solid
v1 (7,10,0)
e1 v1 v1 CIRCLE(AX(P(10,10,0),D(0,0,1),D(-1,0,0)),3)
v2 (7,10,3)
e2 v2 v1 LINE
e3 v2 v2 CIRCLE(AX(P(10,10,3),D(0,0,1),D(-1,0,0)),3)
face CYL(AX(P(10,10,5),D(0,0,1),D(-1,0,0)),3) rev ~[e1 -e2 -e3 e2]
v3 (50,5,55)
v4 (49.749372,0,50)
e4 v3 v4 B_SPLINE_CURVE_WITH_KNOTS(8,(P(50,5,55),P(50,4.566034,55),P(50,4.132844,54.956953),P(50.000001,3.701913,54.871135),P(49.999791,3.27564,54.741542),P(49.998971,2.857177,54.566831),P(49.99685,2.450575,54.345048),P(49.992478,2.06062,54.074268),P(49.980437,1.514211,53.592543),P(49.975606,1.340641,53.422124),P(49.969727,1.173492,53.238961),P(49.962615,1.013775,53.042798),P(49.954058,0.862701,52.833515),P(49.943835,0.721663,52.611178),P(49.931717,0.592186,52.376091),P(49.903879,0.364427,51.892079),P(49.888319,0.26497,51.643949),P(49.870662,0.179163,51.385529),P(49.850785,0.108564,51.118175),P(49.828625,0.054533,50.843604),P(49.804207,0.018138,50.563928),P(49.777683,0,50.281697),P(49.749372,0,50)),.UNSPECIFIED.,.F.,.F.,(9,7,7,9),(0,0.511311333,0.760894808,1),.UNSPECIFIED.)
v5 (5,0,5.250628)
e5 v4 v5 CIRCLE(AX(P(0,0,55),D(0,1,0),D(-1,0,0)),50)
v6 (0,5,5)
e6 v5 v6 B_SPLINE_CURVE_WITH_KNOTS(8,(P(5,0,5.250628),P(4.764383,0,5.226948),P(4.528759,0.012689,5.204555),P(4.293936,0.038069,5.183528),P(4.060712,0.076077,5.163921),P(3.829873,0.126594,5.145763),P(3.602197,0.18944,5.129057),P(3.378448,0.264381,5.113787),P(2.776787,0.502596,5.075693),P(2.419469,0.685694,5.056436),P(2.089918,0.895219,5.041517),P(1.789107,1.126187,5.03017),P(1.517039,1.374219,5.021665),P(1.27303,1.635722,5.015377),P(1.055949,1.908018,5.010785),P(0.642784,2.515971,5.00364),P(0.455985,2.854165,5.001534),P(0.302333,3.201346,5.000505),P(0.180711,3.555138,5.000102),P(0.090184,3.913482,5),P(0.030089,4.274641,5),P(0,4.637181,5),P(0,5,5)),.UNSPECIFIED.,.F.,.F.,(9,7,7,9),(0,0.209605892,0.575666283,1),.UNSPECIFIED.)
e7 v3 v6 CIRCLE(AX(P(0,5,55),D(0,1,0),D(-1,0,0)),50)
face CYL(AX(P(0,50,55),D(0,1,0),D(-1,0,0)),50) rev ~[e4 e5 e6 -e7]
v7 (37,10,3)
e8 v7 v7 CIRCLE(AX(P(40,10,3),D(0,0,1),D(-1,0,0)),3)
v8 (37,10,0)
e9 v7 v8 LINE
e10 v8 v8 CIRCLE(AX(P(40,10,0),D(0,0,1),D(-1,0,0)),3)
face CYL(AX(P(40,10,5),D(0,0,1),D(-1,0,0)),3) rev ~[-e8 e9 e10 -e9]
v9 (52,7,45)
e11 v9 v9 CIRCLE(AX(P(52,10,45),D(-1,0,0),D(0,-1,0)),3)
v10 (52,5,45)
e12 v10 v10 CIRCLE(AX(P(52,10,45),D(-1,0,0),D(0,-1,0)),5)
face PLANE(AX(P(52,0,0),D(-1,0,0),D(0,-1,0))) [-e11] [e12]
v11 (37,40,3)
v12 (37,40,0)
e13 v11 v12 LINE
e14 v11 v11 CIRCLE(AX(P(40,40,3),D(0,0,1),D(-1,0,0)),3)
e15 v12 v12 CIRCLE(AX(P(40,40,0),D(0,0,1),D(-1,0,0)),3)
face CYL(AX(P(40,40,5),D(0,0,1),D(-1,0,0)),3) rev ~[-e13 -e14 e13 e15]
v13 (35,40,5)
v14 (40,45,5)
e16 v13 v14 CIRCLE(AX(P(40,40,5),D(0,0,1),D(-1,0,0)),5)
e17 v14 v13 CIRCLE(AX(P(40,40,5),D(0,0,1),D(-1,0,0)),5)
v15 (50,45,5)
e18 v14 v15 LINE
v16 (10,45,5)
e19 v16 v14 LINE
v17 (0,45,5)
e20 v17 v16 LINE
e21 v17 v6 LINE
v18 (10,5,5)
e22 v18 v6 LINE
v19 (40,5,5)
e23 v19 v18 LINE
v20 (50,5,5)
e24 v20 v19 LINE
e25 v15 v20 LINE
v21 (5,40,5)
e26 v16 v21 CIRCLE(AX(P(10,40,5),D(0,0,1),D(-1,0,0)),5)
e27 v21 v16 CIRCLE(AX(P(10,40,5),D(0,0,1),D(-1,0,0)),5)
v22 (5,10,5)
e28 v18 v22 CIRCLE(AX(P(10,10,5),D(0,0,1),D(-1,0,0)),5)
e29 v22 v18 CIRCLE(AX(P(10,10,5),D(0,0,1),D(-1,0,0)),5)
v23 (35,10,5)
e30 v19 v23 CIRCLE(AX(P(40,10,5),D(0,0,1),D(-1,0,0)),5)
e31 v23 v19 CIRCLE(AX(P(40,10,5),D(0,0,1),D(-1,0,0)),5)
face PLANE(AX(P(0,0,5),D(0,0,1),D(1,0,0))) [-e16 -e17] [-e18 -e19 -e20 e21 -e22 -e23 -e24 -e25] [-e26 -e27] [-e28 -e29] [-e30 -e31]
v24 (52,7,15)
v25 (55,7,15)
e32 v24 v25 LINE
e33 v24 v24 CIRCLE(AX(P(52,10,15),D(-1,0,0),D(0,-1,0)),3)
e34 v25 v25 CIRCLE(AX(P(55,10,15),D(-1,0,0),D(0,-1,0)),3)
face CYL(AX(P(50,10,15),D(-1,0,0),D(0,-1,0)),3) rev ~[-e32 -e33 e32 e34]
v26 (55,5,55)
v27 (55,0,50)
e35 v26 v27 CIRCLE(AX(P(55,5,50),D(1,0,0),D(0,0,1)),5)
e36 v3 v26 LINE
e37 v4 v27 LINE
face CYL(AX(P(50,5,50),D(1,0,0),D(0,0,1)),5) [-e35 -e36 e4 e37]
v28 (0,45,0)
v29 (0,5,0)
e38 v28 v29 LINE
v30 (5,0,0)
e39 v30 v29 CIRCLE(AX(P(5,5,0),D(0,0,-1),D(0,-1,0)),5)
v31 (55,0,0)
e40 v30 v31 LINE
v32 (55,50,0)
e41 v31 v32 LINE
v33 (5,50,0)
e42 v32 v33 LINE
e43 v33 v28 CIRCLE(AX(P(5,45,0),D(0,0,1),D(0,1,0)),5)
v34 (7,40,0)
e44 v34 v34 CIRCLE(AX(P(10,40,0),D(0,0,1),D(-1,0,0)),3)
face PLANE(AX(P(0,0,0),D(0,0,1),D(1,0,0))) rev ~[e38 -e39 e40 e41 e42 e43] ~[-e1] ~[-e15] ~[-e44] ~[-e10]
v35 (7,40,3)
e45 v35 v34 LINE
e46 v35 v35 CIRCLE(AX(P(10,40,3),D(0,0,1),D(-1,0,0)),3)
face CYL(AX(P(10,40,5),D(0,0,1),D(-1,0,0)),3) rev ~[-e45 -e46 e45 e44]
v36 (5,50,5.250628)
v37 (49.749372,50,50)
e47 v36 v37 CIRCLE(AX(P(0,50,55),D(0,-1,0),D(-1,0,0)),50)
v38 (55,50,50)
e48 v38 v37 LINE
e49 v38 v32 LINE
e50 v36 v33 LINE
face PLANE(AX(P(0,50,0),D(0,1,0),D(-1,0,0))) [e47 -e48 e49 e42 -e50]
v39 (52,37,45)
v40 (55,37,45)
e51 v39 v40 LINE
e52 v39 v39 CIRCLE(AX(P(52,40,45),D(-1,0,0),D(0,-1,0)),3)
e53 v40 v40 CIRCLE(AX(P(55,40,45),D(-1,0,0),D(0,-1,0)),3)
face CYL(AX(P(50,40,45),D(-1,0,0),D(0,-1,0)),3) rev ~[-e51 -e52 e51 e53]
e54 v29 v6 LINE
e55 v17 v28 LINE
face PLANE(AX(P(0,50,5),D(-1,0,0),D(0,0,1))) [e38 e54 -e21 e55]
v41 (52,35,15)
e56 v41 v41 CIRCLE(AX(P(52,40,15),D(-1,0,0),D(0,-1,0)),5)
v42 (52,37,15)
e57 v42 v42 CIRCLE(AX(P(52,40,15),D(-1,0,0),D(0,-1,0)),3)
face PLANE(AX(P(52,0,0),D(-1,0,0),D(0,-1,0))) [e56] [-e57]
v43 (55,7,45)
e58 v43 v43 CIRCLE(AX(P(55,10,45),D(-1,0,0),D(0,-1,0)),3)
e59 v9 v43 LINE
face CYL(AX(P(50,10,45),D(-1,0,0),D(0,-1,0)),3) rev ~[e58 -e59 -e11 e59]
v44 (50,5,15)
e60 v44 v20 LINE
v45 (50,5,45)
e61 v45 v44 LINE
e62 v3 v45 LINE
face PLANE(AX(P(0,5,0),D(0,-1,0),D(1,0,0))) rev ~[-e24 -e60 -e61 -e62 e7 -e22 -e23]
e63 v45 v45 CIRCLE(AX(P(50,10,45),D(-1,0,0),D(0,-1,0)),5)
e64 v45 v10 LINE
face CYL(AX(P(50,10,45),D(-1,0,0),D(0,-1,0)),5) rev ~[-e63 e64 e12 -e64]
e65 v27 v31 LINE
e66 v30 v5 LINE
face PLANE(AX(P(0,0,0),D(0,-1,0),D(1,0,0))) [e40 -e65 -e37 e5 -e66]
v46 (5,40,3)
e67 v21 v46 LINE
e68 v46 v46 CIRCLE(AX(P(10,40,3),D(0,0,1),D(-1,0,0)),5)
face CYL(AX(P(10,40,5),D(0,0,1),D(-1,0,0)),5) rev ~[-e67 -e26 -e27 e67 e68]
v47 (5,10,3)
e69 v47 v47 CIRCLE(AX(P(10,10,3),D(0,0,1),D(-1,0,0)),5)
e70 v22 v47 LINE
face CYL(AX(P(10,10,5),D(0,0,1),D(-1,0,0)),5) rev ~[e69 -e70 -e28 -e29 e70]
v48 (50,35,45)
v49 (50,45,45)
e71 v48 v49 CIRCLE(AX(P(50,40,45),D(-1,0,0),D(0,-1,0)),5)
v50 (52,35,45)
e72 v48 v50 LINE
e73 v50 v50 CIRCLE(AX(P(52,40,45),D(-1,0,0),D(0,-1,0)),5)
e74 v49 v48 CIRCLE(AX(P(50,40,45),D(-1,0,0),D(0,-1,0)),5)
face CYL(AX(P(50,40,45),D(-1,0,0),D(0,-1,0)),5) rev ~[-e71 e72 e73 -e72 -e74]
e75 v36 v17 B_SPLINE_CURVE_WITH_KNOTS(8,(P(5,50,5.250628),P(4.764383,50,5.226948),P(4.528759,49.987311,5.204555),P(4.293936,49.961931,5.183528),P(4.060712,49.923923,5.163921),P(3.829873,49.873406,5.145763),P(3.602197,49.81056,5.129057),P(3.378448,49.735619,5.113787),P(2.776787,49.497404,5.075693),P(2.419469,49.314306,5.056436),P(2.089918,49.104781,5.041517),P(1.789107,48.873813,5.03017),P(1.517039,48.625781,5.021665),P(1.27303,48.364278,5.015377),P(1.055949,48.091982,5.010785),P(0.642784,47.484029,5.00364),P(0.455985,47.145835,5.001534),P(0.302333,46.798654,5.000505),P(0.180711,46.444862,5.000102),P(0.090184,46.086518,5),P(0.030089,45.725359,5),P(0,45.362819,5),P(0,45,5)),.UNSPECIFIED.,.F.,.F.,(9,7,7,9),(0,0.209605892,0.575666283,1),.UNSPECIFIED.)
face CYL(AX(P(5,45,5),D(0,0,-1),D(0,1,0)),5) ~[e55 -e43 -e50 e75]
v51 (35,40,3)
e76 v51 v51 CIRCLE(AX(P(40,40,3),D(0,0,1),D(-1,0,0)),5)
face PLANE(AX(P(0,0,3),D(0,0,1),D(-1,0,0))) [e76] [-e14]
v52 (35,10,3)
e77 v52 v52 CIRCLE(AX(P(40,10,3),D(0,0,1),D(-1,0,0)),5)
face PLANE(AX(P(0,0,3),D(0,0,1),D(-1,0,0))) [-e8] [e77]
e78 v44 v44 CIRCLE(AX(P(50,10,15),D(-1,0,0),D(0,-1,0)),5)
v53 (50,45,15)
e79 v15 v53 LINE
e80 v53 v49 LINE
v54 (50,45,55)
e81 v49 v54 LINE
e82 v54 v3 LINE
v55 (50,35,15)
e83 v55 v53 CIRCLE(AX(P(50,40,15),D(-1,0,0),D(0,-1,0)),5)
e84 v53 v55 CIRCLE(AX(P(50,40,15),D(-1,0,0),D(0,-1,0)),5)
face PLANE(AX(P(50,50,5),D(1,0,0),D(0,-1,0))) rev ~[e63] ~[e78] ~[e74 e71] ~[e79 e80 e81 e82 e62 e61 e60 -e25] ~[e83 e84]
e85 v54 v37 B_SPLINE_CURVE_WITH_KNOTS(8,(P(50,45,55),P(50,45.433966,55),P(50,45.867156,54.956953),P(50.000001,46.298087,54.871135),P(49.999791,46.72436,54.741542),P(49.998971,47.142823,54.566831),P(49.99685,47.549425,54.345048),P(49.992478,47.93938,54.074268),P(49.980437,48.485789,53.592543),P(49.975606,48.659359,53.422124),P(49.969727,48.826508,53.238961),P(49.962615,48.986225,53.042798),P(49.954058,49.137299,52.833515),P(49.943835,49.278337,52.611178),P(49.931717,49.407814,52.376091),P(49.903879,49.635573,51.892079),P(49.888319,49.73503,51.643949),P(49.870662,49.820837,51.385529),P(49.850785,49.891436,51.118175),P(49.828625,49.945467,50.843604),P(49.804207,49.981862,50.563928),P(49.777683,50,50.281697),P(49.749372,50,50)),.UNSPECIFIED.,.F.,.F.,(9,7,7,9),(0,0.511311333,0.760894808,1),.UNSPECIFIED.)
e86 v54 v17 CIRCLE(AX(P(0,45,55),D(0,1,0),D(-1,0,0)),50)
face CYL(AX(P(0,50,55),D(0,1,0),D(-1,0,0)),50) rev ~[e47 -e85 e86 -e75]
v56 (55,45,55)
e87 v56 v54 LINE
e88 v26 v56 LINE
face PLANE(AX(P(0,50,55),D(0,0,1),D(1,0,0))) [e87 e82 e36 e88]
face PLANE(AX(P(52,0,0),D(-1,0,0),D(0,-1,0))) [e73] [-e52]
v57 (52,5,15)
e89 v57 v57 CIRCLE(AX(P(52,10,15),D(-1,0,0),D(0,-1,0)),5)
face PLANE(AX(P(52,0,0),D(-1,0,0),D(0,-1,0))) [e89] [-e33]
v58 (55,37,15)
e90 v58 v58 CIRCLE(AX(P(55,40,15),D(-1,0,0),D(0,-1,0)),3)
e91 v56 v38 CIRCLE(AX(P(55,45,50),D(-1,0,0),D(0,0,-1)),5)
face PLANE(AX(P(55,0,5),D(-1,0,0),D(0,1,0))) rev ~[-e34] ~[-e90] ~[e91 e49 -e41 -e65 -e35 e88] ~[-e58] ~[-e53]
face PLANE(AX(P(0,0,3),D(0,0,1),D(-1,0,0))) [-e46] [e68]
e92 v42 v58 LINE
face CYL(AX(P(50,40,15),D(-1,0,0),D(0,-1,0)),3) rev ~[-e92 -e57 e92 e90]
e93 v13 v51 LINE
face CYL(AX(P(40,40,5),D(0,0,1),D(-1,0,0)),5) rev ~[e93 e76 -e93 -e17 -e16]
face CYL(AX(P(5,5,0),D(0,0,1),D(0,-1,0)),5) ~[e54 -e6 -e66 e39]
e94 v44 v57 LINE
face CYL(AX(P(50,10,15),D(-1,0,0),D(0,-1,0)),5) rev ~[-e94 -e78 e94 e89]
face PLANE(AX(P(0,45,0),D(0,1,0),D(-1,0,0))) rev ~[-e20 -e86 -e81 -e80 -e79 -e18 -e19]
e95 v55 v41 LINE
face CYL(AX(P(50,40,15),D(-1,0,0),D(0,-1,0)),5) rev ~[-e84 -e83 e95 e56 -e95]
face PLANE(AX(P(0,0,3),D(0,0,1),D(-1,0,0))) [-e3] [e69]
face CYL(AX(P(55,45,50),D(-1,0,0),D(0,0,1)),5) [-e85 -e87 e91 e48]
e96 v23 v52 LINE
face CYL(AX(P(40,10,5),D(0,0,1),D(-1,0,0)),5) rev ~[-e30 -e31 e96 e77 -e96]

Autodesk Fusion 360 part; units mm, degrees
sketch "Sketch1" plane through (0, 0, 0) normal (0, 0, 1) x (1, 0, 0)
  line L0 (0, 0) -> (55, 0)
  line L1 (55, 0) -> (55, 50)
  line L2 (55, 50) -> (0, 50)
  line L3 (0, 50) -> (0, 0)
  dimension "d1" = 55
  dimension "d2" = 50
extrude "Extrude1" add sketch "Sketch1" along normal blind 5
sketch "Sketch2" plane through (0, 0, 5) normal (0, 0, 1) x (-1, 0, 0)
  line L0 (0, -50) -> (0, 0)
  line L1 (0, 0) -> (-55, 0)
  line L2 (-55, 0) -> (-55, -50)
  line L3 (-55, -50) -> (0, -50)
  circle A0 centre (-10, -40) radius 3
  circle A1 centre (-10, -10) radius 3
  circle A2 centre (-40, -10) radius 3
  circle A3 centre (-40, -40) radius 3
  dimension "d5" = 6
  dimension "d6" = 6
  dimension "d7" = 6
  dimension "d8" = 6
extrude "Extrude2" cut sketch "Sketch2" against normal blind 5 contours A0 | A1 | A2 | A3
sketch "Sketch3" plane through (0, 0, 5) normal (0, 0, 1) x (-1, 0, 0)
  circle A0 centre (-40, -40) radius 3
  circle A1 centre (-40, -10) radius 3
  circle A2 centre (-10, -40) radius 3
  circle A3 centre (-10, -10) radius 3
  line L0 (0, -50) -> (0, 0)
  line L1 (0, 0) -> (-55, 0)
  line L2 (-55, 0) -> (-55, -50)
  line L3 (-55, -50) -> (0, -50)
  circle A4 centre (-10, -10) radius 5
  circle A5 centre (-10, -40) radius 5
  circle A6 centre (-40, -40) radius 5
  circle A7 centre (-40, -10) radius 5
  dimension "d11" = 10
  dimension "d12" = 10
  dimension "d13" = 10
  dimension "d14" = 10
extrude "Extrude3" cut sketch "Sketch3" against normal blind 2 contours A4 | A5 | A6 | A7
sketch "Sketch4" plane through (0, 0, 5) normal (0, 0, 1) x (-1, 0, 0)
  circle A0 centre (-40, -40) radius 5
  circle A1 centre (-40, -10) radius 5
  circle A2 centre (-10, -40) radius 5
  circle A3 centre (-10, -10) radius 5
  line L0 (0, -50) -> (0, 0)
  line L1 (0, 0) -> (-55, 0)
  line L2 (-55, 0) -> (-55, -50)
  line L3 (-55, -50) -> (0, -50)
  line L4 (-50, 0) -> (-55, 0)
  line L5 (-55, 0) -> (-55, -50)
  line L6 (-55, -50) -> (-50, -50)
  line L7 (-50, -50) -> (-50, 0)
  dimension "d17" = 5
  dimension "d18" = 50
extrude "Extrude4" add sketch "Sketch4" along normal blind 50 contours L1 L2 L3 L4 L5 L6 L7
sketch "Sketch5" plane through (50, 0, 0) normal (-1, 0, 0) x (0, -1, 0)
  line L0 (-50, 5) -> (0, 5)
  line L1 (0, 5) -> (0, 55)
  line L2 (0, 55) -> (-50, 55)
  line L3 (-50, 55) -> (-50, 5)
  circle A0 centre (-40, 45) radius 3
  circle A1 centre (-10, 45) radius 3
  circle A2 centre (-10, 15) radius 3
  circle A3 centre (-40, 15) radius 3
  dimension "d21" = 6
  dimension "d22" = 6
  dimension "d23" = 6
  dimension "d24" = 6
extrude "Extrude5" cut sketch "Sketch5" against normal blind 5 contours A0 | A1 | A2 | A3
sketch "Sketch6" plane through (50, 0, 0) normal (-1, 0, 0) x (0, -1, 0)
  circle A0 centre (-10, 45) radius 3
  circle A1 centre (-10, 15) radius 3
  circle A2 centre (-40, 45) radius 3
  circle A3 centre (-40, 15) radius 3
  line L0 (-50, 5) -> (0, 5)
  line L1 (0, 5) -> (0, 55)
  line L2 (0, 55) -> (-50, 55)
  line L3 (-50, 55) -> (-50, 5)
  circle A4 centre (-40, 45) radius 5
  circle A5 centre (-10, 45) radius 5
  circle A6 centre (-40, 15) radius 5
  circle A7 centre (-10, 15) radius 5
  dimension "d27" = 10
  dimension "d28" = 10
  dimension "d29" = 10
  dimension "d30" = 10
extrude "Extrude6" cut sketch "Sketch6" against normal blind 2 contours A4 | A5 | A6 | A7
sketch "Sketch7" plane through (0, 0, 0) normal (0, -1, 0) x (1, 0, 0)
  line L0 (0, 0) -> (55, 0)
  line L1 (55, 0) -> (55, 55)
  line L2 (55, 55) -> (50, 55)
  line L3 (50, 55) -> (50, 5)
  line L4 (50, 5) -> (0, 5)
  line L5 (0, 5) -> (0, 0)
  line L6 (55, 0) -> (0, 0)
  line L7 (0, 0) -> (0, 55)
  line L8 (0, 55) -> (55, 55)
  line L9 (55, 55) -> (55, 0)
extrude "Extrude7" add sketch "Sketch7" against normal blind 5 contours L3 L4 L7 L8
sketch "Sketch8" plane through (0, 50, 0) normal (0, 1, 0) x (-1, 0, 0)
  line L0 (-55, 0) -> (0, 0)
  line L1 (0, 0) -> (0, 5)
  line L2 (0, 5) -> (-50, 5)
  line L3 (-50, 5) -> (-50, 55)
  line L4 (-50, 55) -> (-55, 55)
  line L5 (-55, 55) -> (-55, 0)
  line L6 (0, 55) -> (-55, 55)
  line L7 (-55, 55) -> (-55, 0)
  line L8 (-55, 0) -> (0, 0)
  line L9 (0, 0) -> (0, 55)
extrude "Extrude8" add sketch "Sketch8" against normal blind 5 contours L2 L3 L6 L9
sketch "Sketch9" plane through (0, 50, 0) normal (0, 1, 0) x (-1, 0, 0)
  line L0 (-55, 0) -> (0, 0)
  line L1 (0, 0) -> (0, 55)
  line L2 (0, 55) -> (-55, 55)
  line L3 (-55, 55) -> (-55, 0)
  circle A0 centre (0, 55) radius 50
extrude "Extrude9" cut sketch "Sketch9" against normal blind 50 contours L1 L2 A0 | L1 L2 A0
fillet "Fillet1" radius 5 4 edges at (0, 0, 2.5) (52.5, 0, 55) (52.5, 50, 55) (0, 50, 2.5)
